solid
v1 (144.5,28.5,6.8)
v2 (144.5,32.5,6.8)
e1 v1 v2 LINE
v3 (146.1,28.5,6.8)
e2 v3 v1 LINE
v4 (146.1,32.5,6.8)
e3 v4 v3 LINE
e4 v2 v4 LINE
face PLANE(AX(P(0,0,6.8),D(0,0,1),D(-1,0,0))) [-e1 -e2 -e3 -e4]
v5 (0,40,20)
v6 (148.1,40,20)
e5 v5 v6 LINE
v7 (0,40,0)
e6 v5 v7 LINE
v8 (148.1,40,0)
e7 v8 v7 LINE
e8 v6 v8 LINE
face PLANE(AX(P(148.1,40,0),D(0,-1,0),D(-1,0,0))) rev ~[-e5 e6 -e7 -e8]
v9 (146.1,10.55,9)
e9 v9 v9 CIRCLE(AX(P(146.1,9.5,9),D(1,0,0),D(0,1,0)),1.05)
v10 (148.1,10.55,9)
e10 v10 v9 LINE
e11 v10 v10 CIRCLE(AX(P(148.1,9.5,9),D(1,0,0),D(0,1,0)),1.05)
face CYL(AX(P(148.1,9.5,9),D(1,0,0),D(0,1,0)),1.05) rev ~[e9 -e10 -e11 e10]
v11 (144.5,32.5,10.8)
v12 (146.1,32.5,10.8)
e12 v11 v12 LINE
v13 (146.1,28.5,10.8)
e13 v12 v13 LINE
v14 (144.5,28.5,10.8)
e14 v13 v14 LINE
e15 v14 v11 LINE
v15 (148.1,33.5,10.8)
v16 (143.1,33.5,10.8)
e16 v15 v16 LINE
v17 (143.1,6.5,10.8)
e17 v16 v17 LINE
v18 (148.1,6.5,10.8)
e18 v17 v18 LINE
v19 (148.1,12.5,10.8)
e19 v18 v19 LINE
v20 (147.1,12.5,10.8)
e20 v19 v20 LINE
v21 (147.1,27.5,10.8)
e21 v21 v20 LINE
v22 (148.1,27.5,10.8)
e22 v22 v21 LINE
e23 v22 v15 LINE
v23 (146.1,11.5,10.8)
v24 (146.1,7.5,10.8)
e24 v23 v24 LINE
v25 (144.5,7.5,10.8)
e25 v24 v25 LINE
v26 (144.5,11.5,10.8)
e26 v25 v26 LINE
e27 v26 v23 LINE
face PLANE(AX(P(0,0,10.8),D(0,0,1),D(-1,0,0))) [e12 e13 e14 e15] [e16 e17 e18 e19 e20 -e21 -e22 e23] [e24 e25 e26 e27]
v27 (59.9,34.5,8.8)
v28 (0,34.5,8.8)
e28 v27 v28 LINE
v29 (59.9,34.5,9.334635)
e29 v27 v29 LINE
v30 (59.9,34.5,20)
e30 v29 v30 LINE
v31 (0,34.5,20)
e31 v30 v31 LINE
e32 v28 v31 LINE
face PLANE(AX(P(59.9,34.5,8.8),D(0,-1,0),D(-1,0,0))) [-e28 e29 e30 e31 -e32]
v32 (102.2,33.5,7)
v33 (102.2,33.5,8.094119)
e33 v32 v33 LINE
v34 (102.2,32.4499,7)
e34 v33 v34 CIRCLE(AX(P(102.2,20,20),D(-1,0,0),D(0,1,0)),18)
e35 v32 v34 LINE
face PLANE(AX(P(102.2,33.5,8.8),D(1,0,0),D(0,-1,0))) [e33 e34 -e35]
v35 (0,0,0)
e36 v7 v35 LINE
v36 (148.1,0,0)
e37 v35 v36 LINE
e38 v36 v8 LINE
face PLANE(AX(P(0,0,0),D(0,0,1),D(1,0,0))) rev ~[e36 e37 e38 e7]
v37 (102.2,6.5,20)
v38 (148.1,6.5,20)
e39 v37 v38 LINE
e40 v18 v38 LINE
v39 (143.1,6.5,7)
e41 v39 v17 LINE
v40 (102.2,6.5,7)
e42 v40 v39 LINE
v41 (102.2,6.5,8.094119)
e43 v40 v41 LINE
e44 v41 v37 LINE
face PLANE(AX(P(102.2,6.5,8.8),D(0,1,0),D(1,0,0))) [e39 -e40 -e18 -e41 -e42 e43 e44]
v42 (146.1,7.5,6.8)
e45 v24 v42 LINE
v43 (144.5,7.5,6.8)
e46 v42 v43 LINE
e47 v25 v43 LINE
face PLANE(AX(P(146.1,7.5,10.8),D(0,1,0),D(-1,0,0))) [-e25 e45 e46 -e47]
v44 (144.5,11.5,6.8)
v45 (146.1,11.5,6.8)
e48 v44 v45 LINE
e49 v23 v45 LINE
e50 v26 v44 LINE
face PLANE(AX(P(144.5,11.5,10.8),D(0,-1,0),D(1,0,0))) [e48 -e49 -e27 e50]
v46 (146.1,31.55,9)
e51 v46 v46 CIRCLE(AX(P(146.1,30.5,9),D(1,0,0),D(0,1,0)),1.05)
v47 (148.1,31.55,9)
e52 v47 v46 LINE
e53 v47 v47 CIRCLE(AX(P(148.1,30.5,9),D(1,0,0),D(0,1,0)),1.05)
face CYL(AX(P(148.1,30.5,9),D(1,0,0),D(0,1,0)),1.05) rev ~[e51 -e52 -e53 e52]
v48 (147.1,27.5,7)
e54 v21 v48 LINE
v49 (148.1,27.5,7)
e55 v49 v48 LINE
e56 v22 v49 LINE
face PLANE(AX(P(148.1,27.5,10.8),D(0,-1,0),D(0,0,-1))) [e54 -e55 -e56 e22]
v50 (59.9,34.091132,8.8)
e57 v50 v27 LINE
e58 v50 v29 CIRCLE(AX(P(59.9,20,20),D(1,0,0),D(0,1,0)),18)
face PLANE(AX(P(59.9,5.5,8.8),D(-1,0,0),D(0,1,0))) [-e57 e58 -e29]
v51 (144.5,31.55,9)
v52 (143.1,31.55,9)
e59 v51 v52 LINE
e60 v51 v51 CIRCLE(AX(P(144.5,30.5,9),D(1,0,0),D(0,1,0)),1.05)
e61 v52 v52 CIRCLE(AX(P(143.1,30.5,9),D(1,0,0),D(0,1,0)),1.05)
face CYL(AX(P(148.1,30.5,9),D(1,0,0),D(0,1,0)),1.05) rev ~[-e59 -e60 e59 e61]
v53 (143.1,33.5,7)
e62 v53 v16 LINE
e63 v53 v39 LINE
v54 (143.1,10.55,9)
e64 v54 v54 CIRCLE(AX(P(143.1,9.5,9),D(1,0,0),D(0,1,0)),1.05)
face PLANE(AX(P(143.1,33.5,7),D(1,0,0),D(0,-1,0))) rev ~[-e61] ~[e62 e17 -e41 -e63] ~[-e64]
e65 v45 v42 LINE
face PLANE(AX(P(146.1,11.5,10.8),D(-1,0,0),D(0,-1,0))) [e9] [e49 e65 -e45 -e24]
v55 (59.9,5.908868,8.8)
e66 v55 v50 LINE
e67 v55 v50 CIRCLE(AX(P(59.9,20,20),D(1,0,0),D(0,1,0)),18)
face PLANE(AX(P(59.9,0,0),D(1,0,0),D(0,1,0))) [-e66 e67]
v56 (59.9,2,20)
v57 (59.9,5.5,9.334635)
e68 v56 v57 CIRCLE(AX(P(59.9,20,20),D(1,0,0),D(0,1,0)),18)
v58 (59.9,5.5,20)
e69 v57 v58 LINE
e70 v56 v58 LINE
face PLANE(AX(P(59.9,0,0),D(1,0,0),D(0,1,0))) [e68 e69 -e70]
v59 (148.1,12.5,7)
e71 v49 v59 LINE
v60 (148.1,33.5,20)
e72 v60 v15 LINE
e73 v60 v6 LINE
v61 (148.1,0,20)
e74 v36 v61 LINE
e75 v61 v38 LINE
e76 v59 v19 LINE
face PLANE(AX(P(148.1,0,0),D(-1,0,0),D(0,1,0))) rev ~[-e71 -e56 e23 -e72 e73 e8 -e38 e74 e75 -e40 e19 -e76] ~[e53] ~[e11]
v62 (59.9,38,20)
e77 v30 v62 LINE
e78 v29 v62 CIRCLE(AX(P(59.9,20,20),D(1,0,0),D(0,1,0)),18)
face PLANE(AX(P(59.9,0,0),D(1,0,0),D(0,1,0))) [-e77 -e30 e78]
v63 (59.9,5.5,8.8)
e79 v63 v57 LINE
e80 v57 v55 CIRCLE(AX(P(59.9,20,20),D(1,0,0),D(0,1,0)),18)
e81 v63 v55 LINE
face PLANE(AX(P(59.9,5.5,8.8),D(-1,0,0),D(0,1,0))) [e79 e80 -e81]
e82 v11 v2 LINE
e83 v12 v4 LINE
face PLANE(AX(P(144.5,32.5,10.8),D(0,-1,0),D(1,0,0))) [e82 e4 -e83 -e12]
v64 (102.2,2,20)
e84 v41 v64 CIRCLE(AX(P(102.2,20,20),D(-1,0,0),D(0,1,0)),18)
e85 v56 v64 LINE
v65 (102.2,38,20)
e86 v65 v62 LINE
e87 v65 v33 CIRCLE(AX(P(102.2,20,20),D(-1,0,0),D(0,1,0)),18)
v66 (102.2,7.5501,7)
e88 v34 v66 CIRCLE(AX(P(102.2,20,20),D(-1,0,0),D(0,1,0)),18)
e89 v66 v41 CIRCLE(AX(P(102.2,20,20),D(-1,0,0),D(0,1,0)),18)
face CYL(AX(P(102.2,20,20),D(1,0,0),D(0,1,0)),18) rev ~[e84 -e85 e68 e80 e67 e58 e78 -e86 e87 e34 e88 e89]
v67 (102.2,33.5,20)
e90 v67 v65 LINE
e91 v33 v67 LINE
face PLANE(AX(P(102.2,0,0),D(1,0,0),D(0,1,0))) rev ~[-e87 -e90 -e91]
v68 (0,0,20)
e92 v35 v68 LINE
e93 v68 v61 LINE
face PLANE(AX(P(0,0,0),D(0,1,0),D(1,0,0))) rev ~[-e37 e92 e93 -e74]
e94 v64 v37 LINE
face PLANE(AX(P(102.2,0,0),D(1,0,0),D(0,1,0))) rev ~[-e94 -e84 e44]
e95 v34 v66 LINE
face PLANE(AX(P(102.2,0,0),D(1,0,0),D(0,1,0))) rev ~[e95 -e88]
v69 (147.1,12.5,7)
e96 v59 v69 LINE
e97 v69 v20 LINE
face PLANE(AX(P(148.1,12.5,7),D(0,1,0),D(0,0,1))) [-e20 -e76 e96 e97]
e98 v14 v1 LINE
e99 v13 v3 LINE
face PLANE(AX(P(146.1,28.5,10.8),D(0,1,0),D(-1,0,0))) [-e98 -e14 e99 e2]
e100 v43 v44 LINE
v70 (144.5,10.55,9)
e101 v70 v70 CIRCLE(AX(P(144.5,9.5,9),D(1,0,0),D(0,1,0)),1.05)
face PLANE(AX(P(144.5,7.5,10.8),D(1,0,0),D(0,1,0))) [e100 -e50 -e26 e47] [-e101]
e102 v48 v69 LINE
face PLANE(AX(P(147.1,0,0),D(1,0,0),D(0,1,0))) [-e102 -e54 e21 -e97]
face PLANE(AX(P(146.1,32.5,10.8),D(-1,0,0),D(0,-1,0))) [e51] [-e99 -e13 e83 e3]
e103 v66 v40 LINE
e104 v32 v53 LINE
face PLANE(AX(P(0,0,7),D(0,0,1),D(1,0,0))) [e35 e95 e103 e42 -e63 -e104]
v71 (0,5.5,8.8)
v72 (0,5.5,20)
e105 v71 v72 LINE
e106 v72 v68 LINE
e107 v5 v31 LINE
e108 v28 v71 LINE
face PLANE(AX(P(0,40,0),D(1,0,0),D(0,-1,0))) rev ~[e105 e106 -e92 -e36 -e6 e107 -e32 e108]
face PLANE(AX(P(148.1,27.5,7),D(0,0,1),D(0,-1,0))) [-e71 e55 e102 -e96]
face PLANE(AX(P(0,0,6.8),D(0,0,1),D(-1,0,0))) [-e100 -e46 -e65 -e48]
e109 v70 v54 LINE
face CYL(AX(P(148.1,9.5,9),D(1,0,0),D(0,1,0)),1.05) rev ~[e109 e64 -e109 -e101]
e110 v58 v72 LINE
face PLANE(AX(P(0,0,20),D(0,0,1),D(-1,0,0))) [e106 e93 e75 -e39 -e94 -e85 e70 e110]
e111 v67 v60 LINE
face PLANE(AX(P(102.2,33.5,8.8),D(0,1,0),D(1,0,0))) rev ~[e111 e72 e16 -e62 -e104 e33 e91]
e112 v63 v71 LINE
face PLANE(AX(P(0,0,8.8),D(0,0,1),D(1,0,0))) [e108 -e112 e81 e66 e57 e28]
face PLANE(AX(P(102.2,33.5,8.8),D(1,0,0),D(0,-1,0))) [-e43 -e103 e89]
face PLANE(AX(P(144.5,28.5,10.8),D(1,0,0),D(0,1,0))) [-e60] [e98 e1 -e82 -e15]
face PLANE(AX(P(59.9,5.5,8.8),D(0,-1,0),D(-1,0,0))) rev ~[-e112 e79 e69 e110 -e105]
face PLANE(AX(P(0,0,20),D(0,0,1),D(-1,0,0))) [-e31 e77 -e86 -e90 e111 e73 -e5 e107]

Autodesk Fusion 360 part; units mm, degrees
sketch "スケッチ1" plane through (0, 0, 0) normal (0, 0, 1) x (1, 0, 0)
  line L0 (0, 0) -> (148.1, 0)
  line L1 (148.1, 0) -> (148.1, 40)
  line L2 (148.1, 40) -> (0, 40)
  line L3 (0, 40) -> (0, 0)
  dimension "d1" = 148.1
  dimension "d2" = 40
extrude "押し出し1" add sketch "スケッチ1" along normal blind 8.8
sketch "スケッチ2" plane through (0, 0, 8.8) normal (0, 0, 1) x (-1, 0, 0)
  line L0 (0, -40) -> (0, 0)
  line L1 (0, 0) -> (-148.1, 0)
  line L2 (-148.1, 0) -> (-148.1, -40)
  line L3 (-148.1, -40) -> (0, -40)
  line L4 (-148.1, -40) -> (-102.2, -40)
  line L5 (-102.2, -40) -> (-102.2, -33.5)
  line L6 (-102.2, -33.5) -> (-148.1, -33.5)
  line L7 (-148.1, -33.5) -> (-148.1, -40)
  line L8 (-148.1, 0) -> (-102.2, 0)
  line L9 (-102.2, 0) -> (-102.2, -6.5)
  line L10 (-102.2, -6.5) -> (-148.1, -6.5)
  line L11 (-148.1, -6.5) -> (-148.1, 0)
  line L12 (0, -40) -> (-59.9, -40)
  line L13 (-59.9, -40) -> (-59.9, -34.5)
  line L14 (-59.9, -34.5) -> (0, -34.5)
  line L15 (0, -34.5) -> (0, -40)
  line L16 (0, 0) -> (-59.9, 0)
  line L17 (-59.9, 0) -> (-59.9, -5.5)
  line L18 (-59.9, -5.5) -> (0, -5.5)
  line L19 (0, -5.5) -> (0, 0)
  line L20 (-59.9, -40) -> (-102.2, -40)
  line L21 (-102.2, -40) -> (-102.2, 0)
  line L22 (-102.2, 0) -> (-59.9, 0)
  line L23 (-59.9, 0) -> (-59.9, -40)
  dimension "d5" = 45.9
  dimension "d6" = 6.5
  dimension "d7" = 45.9
  dimension "d8" = 6.5
  dimension "d9" = 59.9
  dimension "d10" = 5.5
  dimension "d11" = 59.9
  dimension "d12" = 5.5
extrude "押し出し2" add sketch "スケッチ2" along normal blind 11.2 contours L0 L3 L12 L13 L14 L15 L23 | L1 L3 L5 L9 L13 L17 L20 L21 L22 L23 | L0 L1 L16 L17 L18 L19 L23 | L2 L3 L4 L5 L6 L7 L21 | L1 L2 L8 L9 L10 L11 L21
extrude "押し出し5" cut 1 faces at (117.5, 24.5, 8.8) along direction (0, 0, -1) blind 1.8
sketch "スケッチ4" plane through (0, 0, 7) normal (0, 0, 1) x (-1, 0, 0)
  line L0 (-102.2, -6.5) -> (-148.1, -6.5)
  line L1 (-148.1, -6.5) -> (-148.1, -33.5)
  line L2 (-148.1, -33.5) -> (-102.2, -33.5)
  line L3 (-102.2, -33.5) -> (-102.2, -6.5)
  line L4 (-148.1, -33.5) -> (-143.1, -33.5)
  line L5 (-143.1, -33.5) -> (-143.1, -6.5)
  line L6 (-143.1, -6.5) -> (-148.1, -6.5)
  line L7 (-148.1, -6.5) -> (-148.1, -33.5)
  dimension "d22" = 5
extrude "押し出し6" add sketch "スケッチ4" along normal blind 3.8 contours L0 L1 L2 L4 L5 L6 L7
sketch "スケッチ7" plane through (102.2, 0, 0) normal (1, 0, 0) x (0, 1, 0)
  line L0 (33.5, 7) -> (33.5, 20)
  line L1 (33.5, 20) -> (6.5, 20)
  line L2 (6.5, 20) -> (6.5, 7)
  line L3 (6.5, 7) -> (33.5, 7)
  circle A0 centre (20, 20) radius 18
  dimension "d28" = 36
extrude "押し出し8" cut sketch "スケッチ7" against normal blind 42.3 contours L0 L1 L2 L3 A0 | L0 L1 L2 A0 | L3 A0
sketch "スケッチ8" plane through (0, 0, 10.8) normal (0, 0, 1) x (-1, 0, 0)
  line L0 (-148.1, -6.5) -> (-148.1, -33.5)
  line L1 (-148.1, -33.5) -> (-143.1, -33.5)
  line L2 (-143.1, -33.5) -> (-143.1, -6.5)
  line L3 (-143.1, -6.5) -> (-148.1, -6.5)
  line L4 (-144.5, -32.5) -> (-146.1, -32.5)
  line L5 (-146.1, -32.5) -> (-146.1, -28.5)
  line L6 (-146.1, -28.5) -> (-144.5, -28.5)
  line L7 (-144.5, -28.5) -> (-144.5, -32.5)
  line L8 (-146.1, -7.5) -> (-144.5, -7.5)
  line L9 (-144.5, -7.5) -> (-144.5, -11.5)
  line L10 (-144.5, -11.5) -> (-146.1, -11.5)
  line L11 (-146.1, -11.5) -> (-146.1, -7.5)
  dimension "d31" = 1.6
  dimension "d32" = 4
  dimension "d33" = 1.4
  dimension "d34" = 1
  dimension "d35" = 1.6
  dimension "d36" = 4
  dimension "d37" = 1
  dimension "d38" = 1.4
extrude "押し出し9" cut sketch "スケッチ8" against normal blind 4 contours L4 L5 L6 L7 | L8 L9 L10 L11
sketch "スケッチ9" plane through (148.1, 0, 0) normal (1, 0, 0) x (0, 1, 0)
  line L0 (33.5, 20) -> (33.5, 10.8)
  line L1 (33.5, 10.8) -> (6.5, 10.8)
  line L2 (6.5, 10.8) -> (6.5, 20)
  line L3 (6.5, 20) -> (0, 20)
  line L4 (0, 20) -> (0, 0)
  line L5 (0, 0) -> (40, 0)
  line L6 (40, 0) -> (40, 20)
  line L7 (40, 20) -> (33.5, 20)
  circle A0 centre (9.5, 9) radius 1.05
  circle A1 centre (30.5, 9) radius 1.05
  point P0 (30.5, 9)
  point P1 (9.5, 9)
  dimension "d41" = 9.5
  dimension "d42" = 1.8
  dimension "d43" = 9.5
  dimension "d44" = 1.8
  dimension "d45" = 2.1
  dimension "d46" = 2.1
extrude "押し出し10" cut sketch "スケッチ9" against normal blind 5 contours A0 | A1
sketch "スケッチ10" plane through (148.1, 0, 0) normal (1, 0, 0) x (0, 1, 0)
  circle A0 centre (9.5, 9) radius 1.05
  circle A1 centre (30.5, 9) radius 1.05
  line L0 (33.5, 20) -> (33.5, 10.8)
  line L1 (33.5, 10.8) -> (6.5, 10.8)
  line L2 (6.5, 10.8) -> (6.5, 20)
  line L3 (6.5, 20) -> (0, 20)
  line L4 (0, 20) -> (0, 0)
  line L5 (0, 0) -> (40, 0)
  line L6 (40, 0) -> (40, 20)
  line L7 (40, 20) -> (33.5, 20)
  line L8 (12.5, 10.8) -> (27.5, 10.8)
  line L9 (27.5, 10.8) -> (27.5, 7)
  line L10 (27.5, 7) -> (12.5, 7)
  line L11 (12.5, 7) -> (12.5, 10.8)
  dimension "d49" = 15
  dimension "d50" = 3.8
  dimension "d51" = 12.5
extrude "押し出し11" cut sketch "スケッチ10" against normal blind 1 contours L1 L8 L9 L10 L11
